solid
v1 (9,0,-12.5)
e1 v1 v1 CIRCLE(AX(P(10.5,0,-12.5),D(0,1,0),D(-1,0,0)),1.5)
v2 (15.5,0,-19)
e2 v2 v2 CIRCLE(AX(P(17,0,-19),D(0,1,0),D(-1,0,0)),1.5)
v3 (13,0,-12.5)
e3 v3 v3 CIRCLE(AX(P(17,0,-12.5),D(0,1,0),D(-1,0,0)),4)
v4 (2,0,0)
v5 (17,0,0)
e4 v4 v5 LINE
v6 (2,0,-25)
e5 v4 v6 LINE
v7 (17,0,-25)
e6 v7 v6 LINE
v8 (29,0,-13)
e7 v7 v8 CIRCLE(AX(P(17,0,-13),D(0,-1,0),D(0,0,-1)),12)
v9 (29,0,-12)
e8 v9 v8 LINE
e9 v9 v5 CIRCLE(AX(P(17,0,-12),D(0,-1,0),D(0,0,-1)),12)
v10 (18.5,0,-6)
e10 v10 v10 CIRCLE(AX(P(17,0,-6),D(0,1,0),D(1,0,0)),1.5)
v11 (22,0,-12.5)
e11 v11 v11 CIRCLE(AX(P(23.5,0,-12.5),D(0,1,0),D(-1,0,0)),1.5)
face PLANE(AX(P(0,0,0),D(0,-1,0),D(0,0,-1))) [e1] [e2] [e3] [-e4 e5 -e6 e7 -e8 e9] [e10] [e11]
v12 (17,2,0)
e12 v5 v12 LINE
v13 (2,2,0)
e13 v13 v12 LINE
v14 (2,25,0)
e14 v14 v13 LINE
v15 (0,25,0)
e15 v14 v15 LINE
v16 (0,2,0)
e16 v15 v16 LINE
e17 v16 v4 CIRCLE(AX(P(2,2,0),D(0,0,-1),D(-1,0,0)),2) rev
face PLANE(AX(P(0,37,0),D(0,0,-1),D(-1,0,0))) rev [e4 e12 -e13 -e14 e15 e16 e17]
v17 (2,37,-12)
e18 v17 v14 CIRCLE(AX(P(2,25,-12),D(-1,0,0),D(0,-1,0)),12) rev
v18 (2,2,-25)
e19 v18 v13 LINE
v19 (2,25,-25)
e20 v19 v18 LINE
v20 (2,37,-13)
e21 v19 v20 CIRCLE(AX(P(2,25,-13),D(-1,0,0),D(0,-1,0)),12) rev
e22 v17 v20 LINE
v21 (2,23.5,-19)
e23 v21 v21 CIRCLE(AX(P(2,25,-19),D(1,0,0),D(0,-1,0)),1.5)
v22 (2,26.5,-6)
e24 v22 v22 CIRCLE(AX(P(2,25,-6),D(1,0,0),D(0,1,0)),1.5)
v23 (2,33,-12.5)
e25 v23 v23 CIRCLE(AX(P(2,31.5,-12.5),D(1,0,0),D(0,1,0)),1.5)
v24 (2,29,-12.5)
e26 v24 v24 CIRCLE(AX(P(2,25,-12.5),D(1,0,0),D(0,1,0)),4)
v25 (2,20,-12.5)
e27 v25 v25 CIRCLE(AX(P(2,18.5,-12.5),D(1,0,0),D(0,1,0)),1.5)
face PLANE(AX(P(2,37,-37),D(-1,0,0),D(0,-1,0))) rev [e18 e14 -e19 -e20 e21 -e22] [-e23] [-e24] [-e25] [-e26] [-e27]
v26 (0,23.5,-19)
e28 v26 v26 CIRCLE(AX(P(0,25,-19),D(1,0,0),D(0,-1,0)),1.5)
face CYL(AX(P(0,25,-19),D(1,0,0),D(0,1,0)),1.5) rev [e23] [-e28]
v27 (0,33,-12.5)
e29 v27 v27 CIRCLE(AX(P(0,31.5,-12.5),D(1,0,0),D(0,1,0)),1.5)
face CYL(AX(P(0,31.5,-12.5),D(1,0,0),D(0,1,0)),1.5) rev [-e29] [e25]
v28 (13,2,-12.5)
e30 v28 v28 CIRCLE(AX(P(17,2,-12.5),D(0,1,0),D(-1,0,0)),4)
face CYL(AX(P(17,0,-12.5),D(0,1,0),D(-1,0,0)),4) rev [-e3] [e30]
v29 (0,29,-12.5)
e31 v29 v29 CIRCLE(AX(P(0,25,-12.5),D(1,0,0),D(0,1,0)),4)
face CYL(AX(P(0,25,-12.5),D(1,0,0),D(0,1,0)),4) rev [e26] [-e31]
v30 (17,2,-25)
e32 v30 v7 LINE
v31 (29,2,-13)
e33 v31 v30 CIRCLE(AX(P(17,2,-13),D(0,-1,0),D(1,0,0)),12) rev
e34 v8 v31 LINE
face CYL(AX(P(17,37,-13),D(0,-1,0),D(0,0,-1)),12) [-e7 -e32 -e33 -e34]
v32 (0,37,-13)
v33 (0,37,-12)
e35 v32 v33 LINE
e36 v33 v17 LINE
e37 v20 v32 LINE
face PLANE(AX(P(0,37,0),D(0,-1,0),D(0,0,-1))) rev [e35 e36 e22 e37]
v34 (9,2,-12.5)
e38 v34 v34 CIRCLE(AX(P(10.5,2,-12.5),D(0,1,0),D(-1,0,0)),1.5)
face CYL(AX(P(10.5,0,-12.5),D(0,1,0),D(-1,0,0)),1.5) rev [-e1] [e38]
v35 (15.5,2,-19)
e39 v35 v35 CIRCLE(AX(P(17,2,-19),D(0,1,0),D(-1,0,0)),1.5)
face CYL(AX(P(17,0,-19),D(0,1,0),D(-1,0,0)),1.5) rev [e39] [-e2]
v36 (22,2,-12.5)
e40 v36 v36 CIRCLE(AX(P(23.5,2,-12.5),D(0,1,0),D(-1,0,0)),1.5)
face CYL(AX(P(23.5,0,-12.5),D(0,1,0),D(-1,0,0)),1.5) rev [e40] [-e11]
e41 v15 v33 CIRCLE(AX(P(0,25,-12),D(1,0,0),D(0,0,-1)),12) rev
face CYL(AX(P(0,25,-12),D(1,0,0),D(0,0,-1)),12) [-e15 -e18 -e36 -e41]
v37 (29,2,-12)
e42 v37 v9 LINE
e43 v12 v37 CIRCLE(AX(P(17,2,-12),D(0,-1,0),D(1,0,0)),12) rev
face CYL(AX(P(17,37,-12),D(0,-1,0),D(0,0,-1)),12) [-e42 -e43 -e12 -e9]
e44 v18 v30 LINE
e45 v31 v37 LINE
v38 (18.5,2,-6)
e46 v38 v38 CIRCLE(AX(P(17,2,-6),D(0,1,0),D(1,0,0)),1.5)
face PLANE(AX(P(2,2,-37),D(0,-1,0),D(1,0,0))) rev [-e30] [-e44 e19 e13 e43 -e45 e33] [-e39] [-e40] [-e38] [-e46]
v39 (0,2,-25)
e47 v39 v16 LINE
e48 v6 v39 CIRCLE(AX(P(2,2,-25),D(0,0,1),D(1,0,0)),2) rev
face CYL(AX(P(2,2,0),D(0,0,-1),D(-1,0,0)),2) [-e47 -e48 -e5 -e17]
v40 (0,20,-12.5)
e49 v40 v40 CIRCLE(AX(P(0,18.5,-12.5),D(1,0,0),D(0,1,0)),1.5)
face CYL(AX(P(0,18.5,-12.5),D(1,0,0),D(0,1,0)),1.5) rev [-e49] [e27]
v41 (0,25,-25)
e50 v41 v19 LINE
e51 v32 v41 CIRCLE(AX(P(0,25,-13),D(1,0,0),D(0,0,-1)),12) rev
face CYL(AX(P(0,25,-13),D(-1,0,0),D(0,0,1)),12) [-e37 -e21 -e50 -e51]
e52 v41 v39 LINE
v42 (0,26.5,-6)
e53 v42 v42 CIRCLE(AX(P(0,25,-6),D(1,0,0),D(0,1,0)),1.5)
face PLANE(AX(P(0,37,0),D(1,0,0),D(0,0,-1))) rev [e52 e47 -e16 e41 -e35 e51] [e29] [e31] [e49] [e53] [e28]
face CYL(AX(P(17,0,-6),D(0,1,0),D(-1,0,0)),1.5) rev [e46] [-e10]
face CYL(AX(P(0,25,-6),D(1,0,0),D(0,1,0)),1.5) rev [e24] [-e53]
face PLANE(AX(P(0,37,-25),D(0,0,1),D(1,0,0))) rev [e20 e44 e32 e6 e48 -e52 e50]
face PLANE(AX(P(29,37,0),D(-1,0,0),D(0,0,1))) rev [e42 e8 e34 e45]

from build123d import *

# Parameters (mm, degrees)
SKETCH1_W           = 29
SKETCH1_H           = 25
BOSS_EXTRUDE1_DEPTH = 37
SKETCH2_W           = 27
SKETCH2_H           = 35
CUT_EXTRUDE1_DEPTH  = 37
FILLET1_R           = 2
SKETCH3_R           = 1.5
SKETCH3_R_2         = 4
CUT_EXTRUDE2_DEPTH  = 52.874849397
FILLET3_R           = 12
FILLET4_R           = 12
SKETCH5_R           = 1.5
SKETCH5_R_2         = 4
CUT_EXTRUDE3_DEPTH  = 53.182372503


with BuildPart() as part:
    # Sketch1 → Boss-Extrude1 (new body)
    with BuildSketch(Plane(origin=(0, 0, 0), x_dir=(1, 0, 0), z_dir=(0, 1, 0))):
        with Locations((14.5, 12.5)):
            Rectangle(SKETCH1_W, SKETCH1_H)
    extrude(amount=BOSS_EXTRUDE1_DEPTH)

    # Sketch2 → Cut-Extrude1 (cut)
    with BuildSketch(Plane.XY):
        with Locations((15.5, 19.5)):
            Rectangle(SKETCH2_W, SKETCH2_H)
    extrude(amount=-CUT_EXTRUDE1_DEPTH, mode=Mode.SUBTRACT)

    # Fillet1
    fillet1_edges = [part.edges().sort_by_distance(p)[0] for p in [
        (0, 0, -12.5),
    ]]
    fillet(fillet1_edges, radius=FILLET1_R)

    # Sketch3 → Cut-Extrude2 (cut, through all)
    with BuildSketch(Plane(origin=(0, 2, 0), x_dir=(1, 0, 0), z_dir=(0, 1, 0))):
        with Locations(Location((23.5, 12.5, 0), (0, 0, 180))):
            Circle(SKETCH3_R)
        with Locations(Location((17, 12.5, 0), (0, 0, 180))):
            Circle(SKETCH3_R_2)
        with Locations(Location((10.5, 12.5, 0), (0, 0, 180))):
            Circle(SKETCH3_R)
        with Locations(Location((17, 19, 0), (0, 0, 180))):
            Circle(SKETCH3_R)
        with Locations((17, 6)):
            Circle(SKETCH3_R)
    extrude(amount=-CUT_EXTRUDE2_DEPTH, mode=Mode.SUBTRACT)

    # Fillet3
    fillet3_edges = [part.edges().sort_by_distance(p)[0] for p in [
        (29, 1, -25),
        (29, 1, 0),
    ]]
    fillet(fillet3_edges, radius=FILLET3_R)

    # Fillet4
    fillet4_edges = [part.edges().sort_by_distance(p)[0] for p in [
        (1, 37, -25),
        (1, 37, 0),
    ]]
    fillet(fillet4_edges, radius=FILLET4_R)

    # Sketch5 → Cut-Extrude3 (cut, through all)
    with BuildSketch(Plane(origin=(2, 0, 0), x_dir=(0, 0, -1), z_dir=(1, 0, 0))):
        with Locations(Location((12.5, 31.5, 0), (0, 0, 90))):
            Circle(SKETCH5_R)
        with Locations(Location((12.5, 25, 0), (0, 0, 90))):
            Circle(SKETCH5_R_2)
        with Locations(Location((6, 25, 0), (0, 0, 90))):
            Circle(SKETCH5_R)
        with Locations(Location((19, 25, 0), (0, 0, 270))):
            Circle(SKETCH5_R)
        with Locations(Location((12.5, 18.5, 0), (0, 0, 90))):
            Circle(SKETCH5_R)
    extrude(amount=-CUT_EXTRUDE3_DEPTH, mode=Mode.SUBTRACT)


solid = part.part
